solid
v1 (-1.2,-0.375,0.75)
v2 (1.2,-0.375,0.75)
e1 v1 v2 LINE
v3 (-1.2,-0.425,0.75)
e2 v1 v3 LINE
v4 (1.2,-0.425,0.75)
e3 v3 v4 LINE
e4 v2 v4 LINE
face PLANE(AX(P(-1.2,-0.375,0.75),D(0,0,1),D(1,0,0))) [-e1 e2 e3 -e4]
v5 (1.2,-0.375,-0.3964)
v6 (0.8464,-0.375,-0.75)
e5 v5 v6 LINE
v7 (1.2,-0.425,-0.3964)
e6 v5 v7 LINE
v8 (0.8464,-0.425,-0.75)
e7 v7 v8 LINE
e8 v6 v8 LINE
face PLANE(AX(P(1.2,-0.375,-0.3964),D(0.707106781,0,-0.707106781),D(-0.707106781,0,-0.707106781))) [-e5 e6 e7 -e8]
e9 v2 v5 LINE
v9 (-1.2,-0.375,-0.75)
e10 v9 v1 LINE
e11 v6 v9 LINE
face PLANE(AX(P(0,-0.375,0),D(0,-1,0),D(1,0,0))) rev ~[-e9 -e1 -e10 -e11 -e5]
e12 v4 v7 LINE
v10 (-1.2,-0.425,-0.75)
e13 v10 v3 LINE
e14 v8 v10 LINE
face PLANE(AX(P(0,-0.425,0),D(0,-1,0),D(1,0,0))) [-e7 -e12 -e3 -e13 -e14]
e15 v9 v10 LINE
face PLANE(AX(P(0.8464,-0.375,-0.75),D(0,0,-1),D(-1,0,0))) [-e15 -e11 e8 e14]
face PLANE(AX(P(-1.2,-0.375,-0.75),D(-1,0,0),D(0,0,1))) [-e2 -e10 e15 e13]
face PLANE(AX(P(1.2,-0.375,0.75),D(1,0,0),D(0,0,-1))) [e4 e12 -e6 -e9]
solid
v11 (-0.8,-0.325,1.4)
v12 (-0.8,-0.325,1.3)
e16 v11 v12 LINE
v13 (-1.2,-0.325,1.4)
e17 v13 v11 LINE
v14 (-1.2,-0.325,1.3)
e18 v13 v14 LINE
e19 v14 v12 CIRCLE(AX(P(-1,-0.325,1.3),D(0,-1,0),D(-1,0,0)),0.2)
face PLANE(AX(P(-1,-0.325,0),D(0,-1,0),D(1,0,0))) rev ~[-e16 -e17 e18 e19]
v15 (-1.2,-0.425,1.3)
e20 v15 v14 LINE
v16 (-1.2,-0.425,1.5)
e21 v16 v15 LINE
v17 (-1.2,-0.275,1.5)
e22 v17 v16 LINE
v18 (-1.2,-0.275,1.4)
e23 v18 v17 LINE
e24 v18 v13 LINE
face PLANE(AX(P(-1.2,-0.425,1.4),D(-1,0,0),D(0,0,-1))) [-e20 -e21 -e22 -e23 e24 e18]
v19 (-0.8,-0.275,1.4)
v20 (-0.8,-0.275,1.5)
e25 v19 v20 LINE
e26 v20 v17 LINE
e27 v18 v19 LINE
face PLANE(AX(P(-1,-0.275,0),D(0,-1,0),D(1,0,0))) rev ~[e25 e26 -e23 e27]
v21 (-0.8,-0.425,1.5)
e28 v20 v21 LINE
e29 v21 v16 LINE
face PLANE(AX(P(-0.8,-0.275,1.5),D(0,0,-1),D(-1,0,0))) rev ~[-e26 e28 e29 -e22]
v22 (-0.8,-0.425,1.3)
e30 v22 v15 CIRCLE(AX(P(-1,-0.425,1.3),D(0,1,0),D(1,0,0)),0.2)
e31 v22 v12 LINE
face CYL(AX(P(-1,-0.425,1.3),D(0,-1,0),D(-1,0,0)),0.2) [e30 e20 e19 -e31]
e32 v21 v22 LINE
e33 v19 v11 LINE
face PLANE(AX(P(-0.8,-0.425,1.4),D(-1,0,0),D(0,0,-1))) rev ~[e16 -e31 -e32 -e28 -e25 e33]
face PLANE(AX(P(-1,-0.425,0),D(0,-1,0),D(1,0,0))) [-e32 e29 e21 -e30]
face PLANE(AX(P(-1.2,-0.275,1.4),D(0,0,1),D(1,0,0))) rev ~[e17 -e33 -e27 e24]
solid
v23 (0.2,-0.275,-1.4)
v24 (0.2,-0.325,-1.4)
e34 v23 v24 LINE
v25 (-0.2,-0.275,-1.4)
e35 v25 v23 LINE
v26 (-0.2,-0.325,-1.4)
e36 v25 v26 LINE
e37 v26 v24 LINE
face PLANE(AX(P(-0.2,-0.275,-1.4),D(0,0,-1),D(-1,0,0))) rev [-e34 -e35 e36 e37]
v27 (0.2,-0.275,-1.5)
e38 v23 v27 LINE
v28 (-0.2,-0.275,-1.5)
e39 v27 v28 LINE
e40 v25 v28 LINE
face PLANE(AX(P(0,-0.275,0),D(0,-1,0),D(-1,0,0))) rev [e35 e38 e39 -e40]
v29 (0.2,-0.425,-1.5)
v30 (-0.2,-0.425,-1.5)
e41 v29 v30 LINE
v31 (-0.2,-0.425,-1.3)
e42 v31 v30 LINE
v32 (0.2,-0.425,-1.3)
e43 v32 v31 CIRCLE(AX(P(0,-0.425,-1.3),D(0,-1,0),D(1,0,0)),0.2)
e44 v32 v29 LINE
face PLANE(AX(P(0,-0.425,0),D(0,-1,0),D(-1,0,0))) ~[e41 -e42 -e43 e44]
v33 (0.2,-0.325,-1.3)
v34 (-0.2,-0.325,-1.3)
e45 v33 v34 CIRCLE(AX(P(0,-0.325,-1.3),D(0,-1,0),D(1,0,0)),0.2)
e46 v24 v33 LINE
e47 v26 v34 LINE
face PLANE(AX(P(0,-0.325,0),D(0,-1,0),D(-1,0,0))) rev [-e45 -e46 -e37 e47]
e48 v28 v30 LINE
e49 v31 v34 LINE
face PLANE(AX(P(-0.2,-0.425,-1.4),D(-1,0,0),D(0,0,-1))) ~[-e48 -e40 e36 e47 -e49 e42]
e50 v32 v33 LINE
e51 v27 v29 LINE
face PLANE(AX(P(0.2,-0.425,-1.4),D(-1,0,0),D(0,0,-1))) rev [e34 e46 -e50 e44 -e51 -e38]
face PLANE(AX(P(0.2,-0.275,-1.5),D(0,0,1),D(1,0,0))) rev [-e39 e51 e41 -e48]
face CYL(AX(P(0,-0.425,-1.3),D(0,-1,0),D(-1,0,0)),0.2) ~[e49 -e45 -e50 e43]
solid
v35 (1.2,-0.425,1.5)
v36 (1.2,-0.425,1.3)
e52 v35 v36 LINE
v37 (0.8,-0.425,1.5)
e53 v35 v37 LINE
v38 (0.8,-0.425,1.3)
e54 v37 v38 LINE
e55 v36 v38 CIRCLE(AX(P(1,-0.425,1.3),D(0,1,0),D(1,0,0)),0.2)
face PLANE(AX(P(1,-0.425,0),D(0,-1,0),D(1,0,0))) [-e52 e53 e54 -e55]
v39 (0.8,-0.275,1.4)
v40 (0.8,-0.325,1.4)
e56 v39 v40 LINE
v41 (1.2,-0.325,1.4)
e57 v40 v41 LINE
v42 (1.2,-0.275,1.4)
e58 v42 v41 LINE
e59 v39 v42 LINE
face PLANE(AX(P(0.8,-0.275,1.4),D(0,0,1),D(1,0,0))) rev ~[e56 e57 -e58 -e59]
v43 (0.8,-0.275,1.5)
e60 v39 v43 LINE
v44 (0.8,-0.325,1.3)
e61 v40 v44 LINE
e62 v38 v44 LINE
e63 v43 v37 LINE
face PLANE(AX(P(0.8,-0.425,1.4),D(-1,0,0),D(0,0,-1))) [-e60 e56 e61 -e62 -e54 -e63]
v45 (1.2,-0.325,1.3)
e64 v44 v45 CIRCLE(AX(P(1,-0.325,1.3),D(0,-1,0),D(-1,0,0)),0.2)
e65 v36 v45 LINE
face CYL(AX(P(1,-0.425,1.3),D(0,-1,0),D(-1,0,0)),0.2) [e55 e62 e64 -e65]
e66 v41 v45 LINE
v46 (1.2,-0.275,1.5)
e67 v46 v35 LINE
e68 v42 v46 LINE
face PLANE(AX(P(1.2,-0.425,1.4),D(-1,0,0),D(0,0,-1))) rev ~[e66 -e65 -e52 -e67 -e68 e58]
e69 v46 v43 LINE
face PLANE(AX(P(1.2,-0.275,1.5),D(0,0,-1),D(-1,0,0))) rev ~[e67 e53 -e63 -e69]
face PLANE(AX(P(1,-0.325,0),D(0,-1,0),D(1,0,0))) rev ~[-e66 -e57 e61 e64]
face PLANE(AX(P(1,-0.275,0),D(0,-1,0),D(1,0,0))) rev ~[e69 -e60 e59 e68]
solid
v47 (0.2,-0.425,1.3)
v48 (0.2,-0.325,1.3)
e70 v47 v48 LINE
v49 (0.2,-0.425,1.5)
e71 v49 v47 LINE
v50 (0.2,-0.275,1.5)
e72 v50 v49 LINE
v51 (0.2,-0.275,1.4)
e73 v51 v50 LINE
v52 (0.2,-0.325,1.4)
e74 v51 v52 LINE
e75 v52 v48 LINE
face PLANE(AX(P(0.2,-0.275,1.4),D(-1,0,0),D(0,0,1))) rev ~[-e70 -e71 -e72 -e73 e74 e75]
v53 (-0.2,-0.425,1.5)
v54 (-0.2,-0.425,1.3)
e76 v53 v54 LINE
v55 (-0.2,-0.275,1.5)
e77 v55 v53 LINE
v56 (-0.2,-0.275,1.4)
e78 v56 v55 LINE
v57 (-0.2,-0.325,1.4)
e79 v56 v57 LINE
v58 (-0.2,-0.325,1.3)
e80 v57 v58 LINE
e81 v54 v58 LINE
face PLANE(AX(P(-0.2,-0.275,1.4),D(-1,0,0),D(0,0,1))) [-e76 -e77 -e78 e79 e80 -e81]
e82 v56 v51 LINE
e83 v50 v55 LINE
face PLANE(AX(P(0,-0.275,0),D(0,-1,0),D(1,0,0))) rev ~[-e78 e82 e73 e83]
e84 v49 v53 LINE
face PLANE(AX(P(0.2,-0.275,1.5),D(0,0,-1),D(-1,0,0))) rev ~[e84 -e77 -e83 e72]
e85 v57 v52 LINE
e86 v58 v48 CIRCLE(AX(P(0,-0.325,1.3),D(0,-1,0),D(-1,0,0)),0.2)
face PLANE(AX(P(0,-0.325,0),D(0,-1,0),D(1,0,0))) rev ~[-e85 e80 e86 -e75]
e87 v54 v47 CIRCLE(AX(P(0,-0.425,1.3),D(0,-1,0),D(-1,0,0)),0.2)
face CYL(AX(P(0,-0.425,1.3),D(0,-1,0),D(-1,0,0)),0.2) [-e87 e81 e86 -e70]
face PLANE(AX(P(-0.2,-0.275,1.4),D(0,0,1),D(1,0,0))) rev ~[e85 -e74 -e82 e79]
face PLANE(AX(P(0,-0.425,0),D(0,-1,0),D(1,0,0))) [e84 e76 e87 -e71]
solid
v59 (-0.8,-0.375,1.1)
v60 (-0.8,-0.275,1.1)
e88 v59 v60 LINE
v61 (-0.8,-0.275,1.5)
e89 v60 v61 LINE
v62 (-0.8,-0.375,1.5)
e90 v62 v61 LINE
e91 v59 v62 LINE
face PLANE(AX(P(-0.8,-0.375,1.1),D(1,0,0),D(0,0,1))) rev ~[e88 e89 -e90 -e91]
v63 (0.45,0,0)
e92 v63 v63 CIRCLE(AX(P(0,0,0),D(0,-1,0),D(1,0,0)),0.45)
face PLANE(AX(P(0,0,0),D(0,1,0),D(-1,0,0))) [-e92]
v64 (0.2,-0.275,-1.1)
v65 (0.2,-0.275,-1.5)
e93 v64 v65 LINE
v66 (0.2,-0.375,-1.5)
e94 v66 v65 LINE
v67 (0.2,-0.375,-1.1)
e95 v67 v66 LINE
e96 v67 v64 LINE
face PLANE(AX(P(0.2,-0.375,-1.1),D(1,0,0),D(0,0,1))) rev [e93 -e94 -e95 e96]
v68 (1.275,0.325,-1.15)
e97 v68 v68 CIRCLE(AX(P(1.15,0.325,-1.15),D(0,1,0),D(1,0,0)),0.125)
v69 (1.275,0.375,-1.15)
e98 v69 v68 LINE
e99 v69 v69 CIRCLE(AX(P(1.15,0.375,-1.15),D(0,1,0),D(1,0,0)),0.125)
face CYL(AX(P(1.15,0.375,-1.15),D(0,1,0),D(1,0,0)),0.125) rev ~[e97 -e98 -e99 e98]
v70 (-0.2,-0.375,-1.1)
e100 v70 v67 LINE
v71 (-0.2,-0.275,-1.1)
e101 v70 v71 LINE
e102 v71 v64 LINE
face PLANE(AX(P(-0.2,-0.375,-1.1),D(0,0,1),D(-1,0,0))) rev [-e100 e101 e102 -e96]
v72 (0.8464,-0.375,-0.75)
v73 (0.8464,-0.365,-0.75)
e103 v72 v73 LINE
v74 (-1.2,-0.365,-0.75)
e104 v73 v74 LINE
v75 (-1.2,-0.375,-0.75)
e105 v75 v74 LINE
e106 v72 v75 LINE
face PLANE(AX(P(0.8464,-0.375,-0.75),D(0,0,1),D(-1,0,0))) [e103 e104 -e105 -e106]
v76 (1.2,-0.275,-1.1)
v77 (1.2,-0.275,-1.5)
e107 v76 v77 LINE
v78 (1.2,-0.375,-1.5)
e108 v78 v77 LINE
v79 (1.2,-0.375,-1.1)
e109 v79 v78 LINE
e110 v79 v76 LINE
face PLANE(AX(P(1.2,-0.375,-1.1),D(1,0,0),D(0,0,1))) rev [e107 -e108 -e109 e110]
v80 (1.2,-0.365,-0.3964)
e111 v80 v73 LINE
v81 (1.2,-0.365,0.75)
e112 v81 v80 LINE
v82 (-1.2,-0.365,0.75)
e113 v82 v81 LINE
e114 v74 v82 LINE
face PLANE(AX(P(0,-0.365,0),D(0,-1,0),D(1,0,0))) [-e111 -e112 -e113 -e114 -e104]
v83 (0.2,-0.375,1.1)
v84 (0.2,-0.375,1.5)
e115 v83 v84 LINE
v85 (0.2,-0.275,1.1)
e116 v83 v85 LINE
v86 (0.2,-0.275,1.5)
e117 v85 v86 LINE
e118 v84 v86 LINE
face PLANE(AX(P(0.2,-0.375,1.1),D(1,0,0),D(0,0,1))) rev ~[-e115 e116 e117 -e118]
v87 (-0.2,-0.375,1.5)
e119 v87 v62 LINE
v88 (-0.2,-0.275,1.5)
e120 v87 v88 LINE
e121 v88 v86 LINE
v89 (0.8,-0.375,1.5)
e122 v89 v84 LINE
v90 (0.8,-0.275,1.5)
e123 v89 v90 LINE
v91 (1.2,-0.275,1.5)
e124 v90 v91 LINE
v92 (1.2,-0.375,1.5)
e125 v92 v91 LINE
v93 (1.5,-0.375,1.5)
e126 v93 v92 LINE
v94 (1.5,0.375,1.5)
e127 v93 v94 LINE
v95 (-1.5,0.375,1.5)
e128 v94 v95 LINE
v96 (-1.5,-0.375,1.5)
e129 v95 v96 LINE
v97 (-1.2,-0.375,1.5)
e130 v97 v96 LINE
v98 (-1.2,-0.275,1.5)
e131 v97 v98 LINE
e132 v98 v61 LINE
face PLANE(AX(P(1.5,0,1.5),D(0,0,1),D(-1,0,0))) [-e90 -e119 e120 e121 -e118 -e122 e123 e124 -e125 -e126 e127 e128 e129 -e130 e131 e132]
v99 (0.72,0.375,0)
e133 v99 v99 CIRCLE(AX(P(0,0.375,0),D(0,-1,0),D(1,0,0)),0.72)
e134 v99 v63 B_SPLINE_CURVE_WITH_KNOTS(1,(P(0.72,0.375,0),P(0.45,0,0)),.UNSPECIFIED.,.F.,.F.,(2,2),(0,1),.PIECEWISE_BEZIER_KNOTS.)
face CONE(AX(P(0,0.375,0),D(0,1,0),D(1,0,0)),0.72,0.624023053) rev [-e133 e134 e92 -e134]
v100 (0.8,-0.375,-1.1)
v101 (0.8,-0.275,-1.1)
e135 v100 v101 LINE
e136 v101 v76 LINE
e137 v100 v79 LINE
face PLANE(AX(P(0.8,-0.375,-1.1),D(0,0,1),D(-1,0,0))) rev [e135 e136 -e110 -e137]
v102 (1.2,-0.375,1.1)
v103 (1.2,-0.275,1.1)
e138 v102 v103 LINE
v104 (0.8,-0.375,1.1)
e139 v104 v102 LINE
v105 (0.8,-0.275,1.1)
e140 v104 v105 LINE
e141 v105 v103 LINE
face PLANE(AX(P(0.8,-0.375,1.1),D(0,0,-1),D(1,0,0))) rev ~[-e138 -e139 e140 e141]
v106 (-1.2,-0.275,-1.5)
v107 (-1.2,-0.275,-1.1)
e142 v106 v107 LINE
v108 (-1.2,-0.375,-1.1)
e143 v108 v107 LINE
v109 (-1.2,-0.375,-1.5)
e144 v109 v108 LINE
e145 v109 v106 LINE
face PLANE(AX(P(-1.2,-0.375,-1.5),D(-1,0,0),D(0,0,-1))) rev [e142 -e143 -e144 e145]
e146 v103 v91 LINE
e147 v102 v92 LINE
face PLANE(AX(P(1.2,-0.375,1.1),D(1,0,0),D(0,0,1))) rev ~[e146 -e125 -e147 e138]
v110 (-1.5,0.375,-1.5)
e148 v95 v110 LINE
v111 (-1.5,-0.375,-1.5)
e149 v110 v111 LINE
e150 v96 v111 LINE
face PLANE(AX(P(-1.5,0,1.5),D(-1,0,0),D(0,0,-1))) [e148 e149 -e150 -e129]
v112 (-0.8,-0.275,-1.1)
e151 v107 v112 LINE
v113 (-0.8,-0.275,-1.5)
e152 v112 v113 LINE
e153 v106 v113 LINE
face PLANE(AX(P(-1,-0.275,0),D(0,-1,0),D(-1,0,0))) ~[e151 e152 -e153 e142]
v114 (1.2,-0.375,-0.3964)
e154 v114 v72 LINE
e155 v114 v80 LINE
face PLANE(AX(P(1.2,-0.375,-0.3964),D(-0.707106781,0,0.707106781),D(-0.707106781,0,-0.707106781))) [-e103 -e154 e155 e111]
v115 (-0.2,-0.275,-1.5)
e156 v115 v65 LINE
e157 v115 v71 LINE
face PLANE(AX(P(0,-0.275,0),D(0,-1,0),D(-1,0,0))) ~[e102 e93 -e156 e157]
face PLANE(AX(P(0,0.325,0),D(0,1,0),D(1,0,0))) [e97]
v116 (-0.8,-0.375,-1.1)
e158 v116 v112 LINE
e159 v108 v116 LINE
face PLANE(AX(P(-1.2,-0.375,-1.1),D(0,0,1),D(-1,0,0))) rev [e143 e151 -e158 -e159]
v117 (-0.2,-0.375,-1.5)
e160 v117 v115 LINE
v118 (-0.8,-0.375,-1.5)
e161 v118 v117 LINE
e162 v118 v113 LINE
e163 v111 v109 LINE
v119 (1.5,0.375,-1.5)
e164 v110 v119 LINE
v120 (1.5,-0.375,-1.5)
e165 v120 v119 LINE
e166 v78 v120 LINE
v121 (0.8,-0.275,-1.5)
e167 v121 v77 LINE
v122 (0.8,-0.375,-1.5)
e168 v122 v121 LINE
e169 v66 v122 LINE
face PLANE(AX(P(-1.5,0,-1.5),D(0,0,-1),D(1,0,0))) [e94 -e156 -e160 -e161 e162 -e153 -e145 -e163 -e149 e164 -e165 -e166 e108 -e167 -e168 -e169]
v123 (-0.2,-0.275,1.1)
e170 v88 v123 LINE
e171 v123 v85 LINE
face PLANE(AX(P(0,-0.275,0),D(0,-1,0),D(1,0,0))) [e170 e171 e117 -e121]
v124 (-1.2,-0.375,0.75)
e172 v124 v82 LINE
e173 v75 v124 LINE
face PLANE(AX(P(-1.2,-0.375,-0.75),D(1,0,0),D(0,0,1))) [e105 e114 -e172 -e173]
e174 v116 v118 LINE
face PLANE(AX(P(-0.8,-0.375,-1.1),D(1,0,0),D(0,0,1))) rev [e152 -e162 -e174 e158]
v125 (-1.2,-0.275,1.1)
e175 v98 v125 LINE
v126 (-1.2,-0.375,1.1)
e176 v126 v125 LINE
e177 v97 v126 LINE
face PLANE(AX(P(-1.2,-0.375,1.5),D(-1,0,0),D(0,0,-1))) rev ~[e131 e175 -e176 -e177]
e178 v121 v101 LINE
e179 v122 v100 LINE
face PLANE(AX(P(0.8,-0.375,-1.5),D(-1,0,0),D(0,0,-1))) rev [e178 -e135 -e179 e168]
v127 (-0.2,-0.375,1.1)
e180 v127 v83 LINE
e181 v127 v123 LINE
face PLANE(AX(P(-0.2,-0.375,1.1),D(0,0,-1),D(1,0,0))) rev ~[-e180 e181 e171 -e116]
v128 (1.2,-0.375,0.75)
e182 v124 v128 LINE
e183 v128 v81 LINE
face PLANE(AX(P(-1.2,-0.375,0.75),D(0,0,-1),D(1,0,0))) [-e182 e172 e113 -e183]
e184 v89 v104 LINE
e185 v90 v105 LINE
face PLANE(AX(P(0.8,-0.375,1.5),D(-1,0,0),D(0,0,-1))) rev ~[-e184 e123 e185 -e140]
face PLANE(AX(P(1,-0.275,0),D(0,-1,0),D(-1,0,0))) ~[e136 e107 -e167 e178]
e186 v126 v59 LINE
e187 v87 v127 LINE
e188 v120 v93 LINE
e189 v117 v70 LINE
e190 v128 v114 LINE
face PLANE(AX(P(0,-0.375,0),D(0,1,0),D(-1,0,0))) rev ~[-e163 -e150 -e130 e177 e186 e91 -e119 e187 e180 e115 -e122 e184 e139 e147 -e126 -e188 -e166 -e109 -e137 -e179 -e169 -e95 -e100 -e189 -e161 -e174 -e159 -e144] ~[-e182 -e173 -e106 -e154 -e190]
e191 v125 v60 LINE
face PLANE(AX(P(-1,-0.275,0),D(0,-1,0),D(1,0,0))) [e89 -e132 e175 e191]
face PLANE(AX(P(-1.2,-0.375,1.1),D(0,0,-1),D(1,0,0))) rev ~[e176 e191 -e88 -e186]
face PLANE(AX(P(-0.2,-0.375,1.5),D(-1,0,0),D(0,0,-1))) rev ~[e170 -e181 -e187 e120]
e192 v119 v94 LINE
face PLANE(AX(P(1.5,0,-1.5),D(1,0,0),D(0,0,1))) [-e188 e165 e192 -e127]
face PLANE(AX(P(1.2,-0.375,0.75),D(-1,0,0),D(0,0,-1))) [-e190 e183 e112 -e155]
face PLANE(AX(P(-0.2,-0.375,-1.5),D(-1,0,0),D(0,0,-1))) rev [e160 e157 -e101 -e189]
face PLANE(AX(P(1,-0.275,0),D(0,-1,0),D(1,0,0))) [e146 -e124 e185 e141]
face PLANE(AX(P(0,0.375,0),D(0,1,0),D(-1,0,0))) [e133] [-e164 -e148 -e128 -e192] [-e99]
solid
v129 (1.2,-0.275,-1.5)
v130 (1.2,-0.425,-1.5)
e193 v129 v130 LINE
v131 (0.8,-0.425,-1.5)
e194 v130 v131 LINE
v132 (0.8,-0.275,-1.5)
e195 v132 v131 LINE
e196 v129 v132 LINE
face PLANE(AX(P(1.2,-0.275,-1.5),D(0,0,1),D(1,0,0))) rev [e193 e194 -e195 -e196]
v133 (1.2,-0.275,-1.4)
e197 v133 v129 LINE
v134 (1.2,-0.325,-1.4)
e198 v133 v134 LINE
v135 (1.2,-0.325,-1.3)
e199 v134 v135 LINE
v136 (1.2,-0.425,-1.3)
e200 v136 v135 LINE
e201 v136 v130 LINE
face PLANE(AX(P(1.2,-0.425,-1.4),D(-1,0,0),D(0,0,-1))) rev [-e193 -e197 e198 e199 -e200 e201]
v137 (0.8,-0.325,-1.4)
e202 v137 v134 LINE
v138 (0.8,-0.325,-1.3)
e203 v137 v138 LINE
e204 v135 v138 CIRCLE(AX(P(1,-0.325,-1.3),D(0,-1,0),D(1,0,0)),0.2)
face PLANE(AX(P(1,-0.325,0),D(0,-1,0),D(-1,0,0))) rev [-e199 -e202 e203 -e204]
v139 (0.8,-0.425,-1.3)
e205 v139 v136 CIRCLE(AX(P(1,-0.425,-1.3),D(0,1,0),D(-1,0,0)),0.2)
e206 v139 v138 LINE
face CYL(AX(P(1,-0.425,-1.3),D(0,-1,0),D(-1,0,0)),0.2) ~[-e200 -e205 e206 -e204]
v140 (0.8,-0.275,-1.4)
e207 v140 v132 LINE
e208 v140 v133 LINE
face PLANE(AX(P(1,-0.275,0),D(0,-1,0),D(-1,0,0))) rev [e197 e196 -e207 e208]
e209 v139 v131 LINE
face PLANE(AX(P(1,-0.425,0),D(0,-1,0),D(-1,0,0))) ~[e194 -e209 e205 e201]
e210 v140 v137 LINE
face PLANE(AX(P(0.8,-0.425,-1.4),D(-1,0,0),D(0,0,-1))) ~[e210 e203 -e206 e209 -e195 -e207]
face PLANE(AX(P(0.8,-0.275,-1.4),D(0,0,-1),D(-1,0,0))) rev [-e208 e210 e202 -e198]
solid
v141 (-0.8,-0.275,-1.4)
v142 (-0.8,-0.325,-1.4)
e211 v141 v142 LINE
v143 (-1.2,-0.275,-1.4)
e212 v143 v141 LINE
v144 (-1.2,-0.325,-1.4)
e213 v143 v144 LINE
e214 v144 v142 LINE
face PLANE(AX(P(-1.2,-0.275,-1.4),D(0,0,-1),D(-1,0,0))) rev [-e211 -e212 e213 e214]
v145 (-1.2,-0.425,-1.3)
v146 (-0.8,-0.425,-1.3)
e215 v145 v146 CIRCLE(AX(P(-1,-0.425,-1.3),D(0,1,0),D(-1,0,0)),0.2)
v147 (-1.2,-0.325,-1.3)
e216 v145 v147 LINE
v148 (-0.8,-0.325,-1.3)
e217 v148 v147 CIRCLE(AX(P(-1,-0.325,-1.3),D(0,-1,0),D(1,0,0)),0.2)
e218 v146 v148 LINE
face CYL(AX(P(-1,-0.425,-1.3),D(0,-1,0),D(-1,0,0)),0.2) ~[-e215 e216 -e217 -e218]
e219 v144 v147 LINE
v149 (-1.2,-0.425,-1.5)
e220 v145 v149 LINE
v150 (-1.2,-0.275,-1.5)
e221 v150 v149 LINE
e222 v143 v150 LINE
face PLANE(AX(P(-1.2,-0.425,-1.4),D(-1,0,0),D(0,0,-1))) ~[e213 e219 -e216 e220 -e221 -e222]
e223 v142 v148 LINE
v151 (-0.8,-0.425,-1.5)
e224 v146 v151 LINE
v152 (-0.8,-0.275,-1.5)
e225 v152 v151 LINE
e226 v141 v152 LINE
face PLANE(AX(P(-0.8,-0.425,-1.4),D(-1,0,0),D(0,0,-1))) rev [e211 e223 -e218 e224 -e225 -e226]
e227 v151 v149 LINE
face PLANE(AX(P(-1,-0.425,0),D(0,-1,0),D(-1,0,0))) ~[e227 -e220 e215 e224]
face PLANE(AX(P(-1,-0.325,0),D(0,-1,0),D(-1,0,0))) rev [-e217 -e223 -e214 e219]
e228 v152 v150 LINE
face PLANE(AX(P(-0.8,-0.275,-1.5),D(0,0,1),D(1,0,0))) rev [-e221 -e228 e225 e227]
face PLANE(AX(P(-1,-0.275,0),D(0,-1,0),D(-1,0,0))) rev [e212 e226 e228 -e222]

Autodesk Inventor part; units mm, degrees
ref_plane "YZ Plane" through (0, 0, 0) normal (1, 0, 0) x (0, 1, 0)
ref_plane "XZ Plane" through (0, 0, 0) normal (0, 1, 0) x (-1, 0, 0)
ref_plane "XY Plane" through (0, 0, 0) normal (0, 0, 1) x (1, 0, 0)
sketch "Sketch1" plane through (0, 0, 0) normal (0, 1, 0) x (-1, 0, 0)
  line L0 (-1.5, 1.5) -> (1.5, 1.5)
  line L1 (1.5, 1.5) -> (1.5, -1.5)
  line L2 (1.5, -1.5) -> (-1.5, -1.5)
  line L3 (-1.5, -1.5) -> (-1.5, 1.5)
  line L4 (-1.5, 1.5) -> (1.5, -1.5) construction
  line L5 (1.5, 1.5) -> (-1.5, -1.5) construction
  point P0 (0, 0)
  dimension "d0" = 3
  dimension "d1" = 3
extrude "Extrusion1" add sketch "Sketch1" along normal mid plane 0.75
sketch "Sketch3" plane through (0, -0.375, 0) normal (0, -1, 0) x (1, 0, 0)
  line L0 (-1.5, 1.5) -> (1.5, 1.5) projected
  line L1 (0.2, 1.5) -> (-0.2, 1.5)
  line L2 (-0.2, 1.5) -> (-0.2, 1.1)
  line L3 (-0.2, 1.1) -> (0.2, 1.1)
  line L4 (0.2, 1.1) -> (0.2, 1.5)
  point P0 (0, 0)
  point P1 (0, 1.1)
  dimension "d6" = 0.4
  dimension "d7" = 0.4
extrude "Extrusion2" cut sketch "Sketch3" against normal blind 0.1
sketch "Sketch4" plane through (0, -0.275, 0) normal (0, -1, 0) x (1, 0, 0)
  line L0 (-0.2, 1.1) -> (-0.2, 1.5) projected
  line L1 (0.2, 1.5) -> (-0.2, 1.5)
  line L2 (-0.2, 1.5) -> (-0.2, 1.4)
  line L3 (-0.2, 1.4) -> (0.2, 1.4)
  line L4 (0.2, 1.4) -> (0.2, 1.5)
  line L5 (0.2, 1.5) -> (0.2, 1.1) projected
  point P0 (0, 0)
  dimension "d10" = 0.1
extrude "Extrusion3" add sketch "Sketch4" along normal blind 0.15 separate body
sketch "Sketch6" plane through (0, -0.425, 0) normal (0, -1, 0) x (1, 0, 0)
  line L0 (-0.2, 1.4) -> (0.2, 1.4) projected
  line L1 (0.2, 1.4) -> (0.2, 1.3)
  line L2 (-0.2, 1.4) -> (-0.2, 1.3)
  line L3 (-0.2, 1.1) -> (-0.2, 1.5) projected
  arc A0 (-0.2, 1.3) -> (0.2, 1.3) centre (0, 1.3) ccw
  line L4 (0.25, 1.1) -> (-0.25, 1.1) construction
  line L5 (0.2, 1.1) -> (-0.2, 1.1) projected
  point P0 (0, 0)
  point P1 (0, 1.1)
  dimension "d13" = 0.5
extrude "Extrusion4" add sketch "Sketch6" against normal blind 0.1 contours L0 L1 A0 L2 bodies 2
pattern_linear "Rectangular Pattern1" count 2 spacing 1 along (-1, 0, 0) count 2 spacing 1 along (1, 0, 0) of "Extrusion2" bodies 1
pattern_linear "Rectangular Pattern2" count 2 spacing 1 along (-1, 0, 0) count 2 spacing 1 along (1, 0, 0) of "Extrusion3", "Extrusion4" bodies 2
mirror "Mirror1" about plane through (0, 0, 0) normal (0, 0, 1) of "Extrusion2", "Rectangular Pattern1" bodies 1
mirror "Mirror2" about plane through (0, 0, 0) normal (0, 0, 1) of "Extrusion3", "Extrusion4", "Rectangular Pattern2" bodies 2
sketch "Sketch7" plane through (0, -0.375, 0) normal (0, -1, 0) x (1, 0, 0)
  line L0 (-1.2, 0.75) -> (1.2, 0.75)
  line L1 (1.2, 0.75) -> (1.2, -0.3964)
  line L2 (0.8464, -0.75) -> (-1.2, -0.75)
  line L3 (-1.2, -0.75) -> (-1.2, 0.75)
  line L4 (-1.2, 0.75) -> (1.2, -0.75) construction
  line L5 (1.2, 0.75) -> (-1.2, -0.75) construction
  line L6 (1.2, -0.3964) -> (0.8464, -0.75)
  point P0 (0, 0)
  point P1 (-0.1768, -0.75)
  point P2 (1.2, 0.1768)
  dimension "d28" = 1.5
  dimension "d29" = 2.4
  dimension "d30" = 135
  dimension "d31" = 0.5
extrude "Extrusion5" cut sketch "Sketch7" against normal blind 0.01 bodies 1
extrude "Extrusion6" add sketch "Sketch7" along normal up to surface (0.05 mm away) bodies 2
sketch "Sketch8" plane through (0, 0.375, 0) normal (0, 1, 0) x (1, 0, 0)
  circle A0 centre (0, 0) radius 0.72
  dimension "d36" = 1.44
sketch "Sketch9" plane through (0, 0, 0) normal (0, 1, 0) x (-1, 0, 0)
  circle A0 centre (0, 0) radius 0.45
  dimension "d37" = 0.9
loft "Loft1" cut profiles "Sketch8", "Sketch9" bodies 1
sketch "Sketch10" plane through (0, 0.375, 0) normal (0, 1, 0) x (1, 0, 0)
  circle A0 centre (1.15, 1.15) radius 0.125
  line L0 (1.5, -1.5) -> (1.5, 1.5) projected
  line L1 (1.5, 1.5) -> (-1.5, 1.5) projected
  point P0 (0, 0)
  dimension "d42" = 0.25
  dimension "d43" = 0.35
  dimension "d44" = 0.35
extrude "Extrusion7" cut sketch "Sketch10" against normal blind 0.05 bodies 1
properties part number "3x3 6-pin DFN"
